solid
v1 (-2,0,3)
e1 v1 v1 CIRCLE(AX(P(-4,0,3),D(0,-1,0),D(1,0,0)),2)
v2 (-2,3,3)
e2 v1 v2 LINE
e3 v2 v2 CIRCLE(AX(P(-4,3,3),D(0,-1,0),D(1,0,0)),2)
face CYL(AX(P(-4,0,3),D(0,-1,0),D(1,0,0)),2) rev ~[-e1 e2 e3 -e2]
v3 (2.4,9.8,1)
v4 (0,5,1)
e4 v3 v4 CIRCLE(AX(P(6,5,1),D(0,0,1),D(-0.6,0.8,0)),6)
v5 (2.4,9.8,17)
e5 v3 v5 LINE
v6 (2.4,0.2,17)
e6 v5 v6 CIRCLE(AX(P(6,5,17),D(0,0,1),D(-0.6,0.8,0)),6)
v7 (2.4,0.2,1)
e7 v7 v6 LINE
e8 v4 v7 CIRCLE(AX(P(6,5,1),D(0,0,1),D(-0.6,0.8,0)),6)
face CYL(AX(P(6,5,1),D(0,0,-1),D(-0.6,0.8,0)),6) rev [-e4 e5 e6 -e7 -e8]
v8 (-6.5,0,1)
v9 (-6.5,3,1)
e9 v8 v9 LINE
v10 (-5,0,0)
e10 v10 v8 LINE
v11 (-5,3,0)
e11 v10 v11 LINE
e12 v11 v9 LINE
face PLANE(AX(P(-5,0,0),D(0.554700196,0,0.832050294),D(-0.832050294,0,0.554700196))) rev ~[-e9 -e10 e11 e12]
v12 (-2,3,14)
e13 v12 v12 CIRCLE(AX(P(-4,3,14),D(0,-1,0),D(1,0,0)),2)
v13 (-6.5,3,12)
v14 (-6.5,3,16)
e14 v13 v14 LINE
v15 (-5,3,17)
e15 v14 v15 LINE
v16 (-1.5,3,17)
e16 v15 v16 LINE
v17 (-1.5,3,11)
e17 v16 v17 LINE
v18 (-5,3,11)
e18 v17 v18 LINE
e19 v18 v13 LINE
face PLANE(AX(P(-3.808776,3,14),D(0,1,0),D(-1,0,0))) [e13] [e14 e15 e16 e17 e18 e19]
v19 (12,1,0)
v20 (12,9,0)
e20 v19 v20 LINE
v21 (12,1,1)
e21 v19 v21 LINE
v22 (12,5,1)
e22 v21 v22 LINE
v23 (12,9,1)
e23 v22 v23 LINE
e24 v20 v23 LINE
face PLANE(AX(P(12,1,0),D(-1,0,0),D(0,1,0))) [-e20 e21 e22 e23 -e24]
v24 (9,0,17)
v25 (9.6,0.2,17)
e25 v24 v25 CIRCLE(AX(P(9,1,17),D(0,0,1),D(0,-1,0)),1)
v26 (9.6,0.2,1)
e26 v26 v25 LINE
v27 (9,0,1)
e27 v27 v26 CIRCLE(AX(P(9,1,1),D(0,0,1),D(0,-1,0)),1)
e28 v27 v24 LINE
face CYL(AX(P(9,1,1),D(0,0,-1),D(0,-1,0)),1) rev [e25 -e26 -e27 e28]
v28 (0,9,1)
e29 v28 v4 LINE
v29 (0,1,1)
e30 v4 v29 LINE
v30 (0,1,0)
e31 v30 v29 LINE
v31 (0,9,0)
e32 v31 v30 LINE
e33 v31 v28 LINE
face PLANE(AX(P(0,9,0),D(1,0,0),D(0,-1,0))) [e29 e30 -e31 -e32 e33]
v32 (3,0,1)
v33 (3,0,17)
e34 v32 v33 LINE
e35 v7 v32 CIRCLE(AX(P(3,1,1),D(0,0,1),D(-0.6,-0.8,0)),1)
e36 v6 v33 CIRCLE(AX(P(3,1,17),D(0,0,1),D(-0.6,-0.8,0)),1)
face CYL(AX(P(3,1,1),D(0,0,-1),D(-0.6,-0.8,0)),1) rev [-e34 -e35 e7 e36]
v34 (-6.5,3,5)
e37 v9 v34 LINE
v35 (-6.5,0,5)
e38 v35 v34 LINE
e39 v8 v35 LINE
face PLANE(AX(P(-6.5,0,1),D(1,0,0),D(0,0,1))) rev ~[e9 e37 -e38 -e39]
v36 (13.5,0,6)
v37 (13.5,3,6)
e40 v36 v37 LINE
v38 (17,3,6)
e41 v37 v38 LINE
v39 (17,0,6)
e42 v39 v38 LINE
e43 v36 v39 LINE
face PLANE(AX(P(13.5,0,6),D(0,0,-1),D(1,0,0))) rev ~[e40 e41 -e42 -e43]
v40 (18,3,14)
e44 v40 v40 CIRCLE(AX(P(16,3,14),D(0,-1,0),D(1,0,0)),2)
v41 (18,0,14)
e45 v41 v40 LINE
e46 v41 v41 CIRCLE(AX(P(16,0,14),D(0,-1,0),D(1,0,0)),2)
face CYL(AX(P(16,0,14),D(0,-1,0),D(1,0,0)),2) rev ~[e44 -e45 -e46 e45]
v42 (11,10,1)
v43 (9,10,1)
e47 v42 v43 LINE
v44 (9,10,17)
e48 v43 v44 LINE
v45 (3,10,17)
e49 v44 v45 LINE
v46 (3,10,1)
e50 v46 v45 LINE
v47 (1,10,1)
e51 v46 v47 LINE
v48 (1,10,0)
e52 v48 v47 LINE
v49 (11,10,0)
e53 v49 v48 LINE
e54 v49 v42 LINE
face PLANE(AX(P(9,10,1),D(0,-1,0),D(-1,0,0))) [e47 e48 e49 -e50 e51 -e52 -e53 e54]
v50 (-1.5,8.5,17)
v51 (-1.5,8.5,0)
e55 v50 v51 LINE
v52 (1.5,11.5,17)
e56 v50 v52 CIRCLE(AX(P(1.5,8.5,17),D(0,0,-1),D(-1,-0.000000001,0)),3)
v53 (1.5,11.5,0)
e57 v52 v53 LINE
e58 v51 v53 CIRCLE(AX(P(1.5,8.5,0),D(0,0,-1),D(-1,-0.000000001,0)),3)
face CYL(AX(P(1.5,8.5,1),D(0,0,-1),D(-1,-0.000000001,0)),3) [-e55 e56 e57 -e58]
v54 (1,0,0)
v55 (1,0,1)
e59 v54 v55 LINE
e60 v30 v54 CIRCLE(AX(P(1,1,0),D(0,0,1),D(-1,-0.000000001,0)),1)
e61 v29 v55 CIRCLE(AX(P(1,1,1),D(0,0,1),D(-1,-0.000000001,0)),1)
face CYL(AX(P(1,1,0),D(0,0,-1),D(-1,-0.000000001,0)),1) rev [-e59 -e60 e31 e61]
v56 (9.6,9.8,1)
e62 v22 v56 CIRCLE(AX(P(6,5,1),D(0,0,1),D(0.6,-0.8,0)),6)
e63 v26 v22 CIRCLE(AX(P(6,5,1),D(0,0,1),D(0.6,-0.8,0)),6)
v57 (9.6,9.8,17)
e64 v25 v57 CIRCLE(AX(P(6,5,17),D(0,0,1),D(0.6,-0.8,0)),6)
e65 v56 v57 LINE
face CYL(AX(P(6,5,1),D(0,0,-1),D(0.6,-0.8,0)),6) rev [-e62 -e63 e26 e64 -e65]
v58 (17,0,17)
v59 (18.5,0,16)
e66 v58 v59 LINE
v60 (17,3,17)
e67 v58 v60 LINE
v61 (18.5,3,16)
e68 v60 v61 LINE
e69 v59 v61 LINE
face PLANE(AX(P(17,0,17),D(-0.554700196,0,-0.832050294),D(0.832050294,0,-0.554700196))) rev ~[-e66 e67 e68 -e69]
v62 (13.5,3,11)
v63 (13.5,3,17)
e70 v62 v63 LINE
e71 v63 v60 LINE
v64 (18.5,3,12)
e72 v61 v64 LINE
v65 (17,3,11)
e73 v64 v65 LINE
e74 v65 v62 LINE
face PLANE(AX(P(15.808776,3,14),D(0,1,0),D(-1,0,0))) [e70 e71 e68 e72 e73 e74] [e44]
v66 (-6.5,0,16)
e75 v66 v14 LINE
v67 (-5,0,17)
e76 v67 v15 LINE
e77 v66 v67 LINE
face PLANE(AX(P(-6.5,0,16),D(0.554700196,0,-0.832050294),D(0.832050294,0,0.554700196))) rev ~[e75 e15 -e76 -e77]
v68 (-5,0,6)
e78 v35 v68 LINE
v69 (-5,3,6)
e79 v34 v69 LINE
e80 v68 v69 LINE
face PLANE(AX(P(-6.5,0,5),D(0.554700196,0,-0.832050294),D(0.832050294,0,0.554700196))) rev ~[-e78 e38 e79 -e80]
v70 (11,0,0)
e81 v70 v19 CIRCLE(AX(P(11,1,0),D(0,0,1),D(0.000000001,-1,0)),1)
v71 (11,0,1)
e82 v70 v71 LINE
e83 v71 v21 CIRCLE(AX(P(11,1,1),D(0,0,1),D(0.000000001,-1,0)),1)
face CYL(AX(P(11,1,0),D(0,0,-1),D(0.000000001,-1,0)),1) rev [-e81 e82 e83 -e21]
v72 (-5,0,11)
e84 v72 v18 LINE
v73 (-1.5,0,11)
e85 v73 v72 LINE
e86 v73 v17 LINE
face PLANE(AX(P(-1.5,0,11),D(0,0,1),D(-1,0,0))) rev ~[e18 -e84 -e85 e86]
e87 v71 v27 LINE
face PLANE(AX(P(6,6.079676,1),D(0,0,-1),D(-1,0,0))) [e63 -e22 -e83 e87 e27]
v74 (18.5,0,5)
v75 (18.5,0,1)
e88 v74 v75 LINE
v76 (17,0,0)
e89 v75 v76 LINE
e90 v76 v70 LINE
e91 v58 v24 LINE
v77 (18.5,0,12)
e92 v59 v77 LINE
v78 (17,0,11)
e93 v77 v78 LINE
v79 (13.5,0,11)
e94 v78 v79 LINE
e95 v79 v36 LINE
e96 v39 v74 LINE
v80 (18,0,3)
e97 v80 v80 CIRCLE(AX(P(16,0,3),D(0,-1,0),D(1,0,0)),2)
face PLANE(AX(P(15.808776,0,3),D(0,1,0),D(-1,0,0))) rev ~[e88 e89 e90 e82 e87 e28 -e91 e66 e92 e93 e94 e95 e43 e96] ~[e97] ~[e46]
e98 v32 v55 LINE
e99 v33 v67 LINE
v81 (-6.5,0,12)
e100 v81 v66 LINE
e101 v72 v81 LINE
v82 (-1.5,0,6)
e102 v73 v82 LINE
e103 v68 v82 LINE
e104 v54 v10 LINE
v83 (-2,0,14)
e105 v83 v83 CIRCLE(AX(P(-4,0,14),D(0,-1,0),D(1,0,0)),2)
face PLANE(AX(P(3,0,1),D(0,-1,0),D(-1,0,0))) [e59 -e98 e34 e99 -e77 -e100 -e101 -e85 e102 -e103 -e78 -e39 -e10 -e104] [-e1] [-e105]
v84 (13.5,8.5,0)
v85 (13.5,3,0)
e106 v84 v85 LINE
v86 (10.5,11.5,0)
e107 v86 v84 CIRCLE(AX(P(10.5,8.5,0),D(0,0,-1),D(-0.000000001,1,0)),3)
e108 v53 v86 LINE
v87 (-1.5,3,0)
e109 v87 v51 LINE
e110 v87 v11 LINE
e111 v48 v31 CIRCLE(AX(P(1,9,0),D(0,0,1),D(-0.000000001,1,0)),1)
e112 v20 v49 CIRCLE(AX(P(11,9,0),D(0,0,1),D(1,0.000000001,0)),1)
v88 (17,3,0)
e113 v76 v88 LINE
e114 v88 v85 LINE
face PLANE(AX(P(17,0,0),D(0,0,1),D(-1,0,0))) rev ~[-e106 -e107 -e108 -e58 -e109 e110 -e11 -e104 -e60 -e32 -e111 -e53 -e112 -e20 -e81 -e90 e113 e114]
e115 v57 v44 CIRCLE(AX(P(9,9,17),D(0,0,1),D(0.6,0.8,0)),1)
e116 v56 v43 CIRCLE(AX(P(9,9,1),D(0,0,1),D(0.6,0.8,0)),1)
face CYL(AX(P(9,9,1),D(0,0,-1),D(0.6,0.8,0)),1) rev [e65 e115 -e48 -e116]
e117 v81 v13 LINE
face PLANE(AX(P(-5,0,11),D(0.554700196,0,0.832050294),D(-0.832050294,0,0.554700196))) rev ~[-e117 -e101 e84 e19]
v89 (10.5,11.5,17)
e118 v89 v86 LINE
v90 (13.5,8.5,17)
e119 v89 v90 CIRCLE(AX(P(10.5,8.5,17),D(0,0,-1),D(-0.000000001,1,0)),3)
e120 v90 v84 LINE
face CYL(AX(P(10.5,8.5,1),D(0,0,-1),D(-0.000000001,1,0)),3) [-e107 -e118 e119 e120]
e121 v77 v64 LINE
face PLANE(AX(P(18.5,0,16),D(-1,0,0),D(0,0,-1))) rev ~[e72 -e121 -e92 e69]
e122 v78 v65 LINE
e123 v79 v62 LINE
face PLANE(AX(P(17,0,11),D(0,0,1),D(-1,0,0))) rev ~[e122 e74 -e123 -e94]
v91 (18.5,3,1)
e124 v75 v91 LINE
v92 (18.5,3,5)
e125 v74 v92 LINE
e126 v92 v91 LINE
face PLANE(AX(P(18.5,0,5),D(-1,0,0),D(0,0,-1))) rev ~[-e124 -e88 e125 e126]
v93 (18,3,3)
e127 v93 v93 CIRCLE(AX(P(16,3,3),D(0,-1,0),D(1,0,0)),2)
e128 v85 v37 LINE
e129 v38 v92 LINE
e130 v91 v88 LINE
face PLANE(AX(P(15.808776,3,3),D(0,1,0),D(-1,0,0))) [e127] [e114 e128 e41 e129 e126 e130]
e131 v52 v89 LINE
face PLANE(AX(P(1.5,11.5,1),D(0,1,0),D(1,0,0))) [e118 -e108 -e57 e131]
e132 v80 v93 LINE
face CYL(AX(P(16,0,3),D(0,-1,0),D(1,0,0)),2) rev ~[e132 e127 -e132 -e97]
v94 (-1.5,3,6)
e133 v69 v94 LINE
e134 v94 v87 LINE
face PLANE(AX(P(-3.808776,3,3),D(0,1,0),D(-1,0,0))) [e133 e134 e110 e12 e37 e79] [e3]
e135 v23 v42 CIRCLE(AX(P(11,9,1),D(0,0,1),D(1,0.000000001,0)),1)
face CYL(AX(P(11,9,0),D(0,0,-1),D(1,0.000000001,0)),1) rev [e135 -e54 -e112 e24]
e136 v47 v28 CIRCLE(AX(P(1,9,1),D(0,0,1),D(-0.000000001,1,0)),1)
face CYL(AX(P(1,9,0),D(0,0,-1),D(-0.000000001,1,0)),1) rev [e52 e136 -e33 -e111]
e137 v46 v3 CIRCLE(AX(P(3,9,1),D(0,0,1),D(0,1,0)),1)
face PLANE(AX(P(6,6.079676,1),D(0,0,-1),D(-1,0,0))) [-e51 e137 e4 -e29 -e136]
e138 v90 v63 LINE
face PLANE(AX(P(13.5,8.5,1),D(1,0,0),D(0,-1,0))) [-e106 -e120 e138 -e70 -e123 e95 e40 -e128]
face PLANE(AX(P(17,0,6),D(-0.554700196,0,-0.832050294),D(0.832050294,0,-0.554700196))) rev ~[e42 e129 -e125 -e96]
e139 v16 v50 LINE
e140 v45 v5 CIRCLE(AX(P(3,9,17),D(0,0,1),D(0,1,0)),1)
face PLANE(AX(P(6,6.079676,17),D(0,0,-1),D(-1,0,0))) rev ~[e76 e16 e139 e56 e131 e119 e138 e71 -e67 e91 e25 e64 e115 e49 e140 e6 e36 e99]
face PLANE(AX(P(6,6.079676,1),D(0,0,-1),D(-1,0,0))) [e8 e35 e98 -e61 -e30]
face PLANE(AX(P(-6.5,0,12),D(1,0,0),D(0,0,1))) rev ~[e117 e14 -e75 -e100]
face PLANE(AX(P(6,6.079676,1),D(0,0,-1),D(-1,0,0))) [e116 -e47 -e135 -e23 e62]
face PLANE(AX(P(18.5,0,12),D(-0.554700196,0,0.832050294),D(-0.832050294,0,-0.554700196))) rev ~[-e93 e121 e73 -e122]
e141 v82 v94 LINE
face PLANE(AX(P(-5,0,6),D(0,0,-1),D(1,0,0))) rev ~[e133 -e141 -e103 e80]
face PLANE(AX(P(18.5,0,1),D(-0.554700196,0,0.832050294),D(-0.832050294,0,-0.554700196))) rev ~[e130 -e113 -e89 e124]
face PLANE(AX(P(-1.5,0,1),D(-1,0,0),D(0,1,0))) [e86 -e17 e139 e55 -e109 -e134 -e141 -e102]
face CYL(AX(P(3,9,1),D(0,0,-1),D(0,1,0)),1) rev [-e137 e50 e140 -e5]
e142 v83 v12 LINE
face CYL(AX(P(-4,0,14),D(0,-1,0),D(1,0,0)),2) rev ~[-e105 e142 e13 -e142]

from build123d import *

# Parameters (mm, degrees)
Y_KSEKLIK_EKSTR_ZYON1_DEPTH = 1
Y_KSEKLIK_EKSTR_ZYON2_DEPTH = 16
IZIM4_R                     = 2
Y_KSEKLIK_EKSTR_ZYON3_DEPTH = 3


with BuildPart() as part:
    # Çizim1 → Yükseklik-Ekstrüzyon1 (new body)
    with BuildSketch(Plane.XY):
        with BuildLine():
            Line((12, 1), (12, 9))
            ThreePointArc((12, 9), (11.707106781, 9.707106781), (11, 10))
            Line((11, 10), (1, 10))
            ThreePointArc((1, 10), (0.292893219, 9.707106781), (0, 9))
            Line((0, 9), (0, 1))
            ThreePointArc((0, 1), (0.292893219, 0.292893219), (1, 0))
            Line((1, 0), (-1.5, 0))
            Line((-1.5, 0), (-1.5, 8.5))
            ThreePointArc((-1.5, 8.5), (-0.621320344, 10.621320344), (1.5, 11.5))
            Line((1.5, 11.5), (10.5, 11.5))
            ThreePointArc((10.5, 11.5), (12.621320344, 10.621320344), (13.5, 8.5))
            Line((13.5, 8.5), (13.5, 0))
            Line((13.5, 0), (11, 0))
            ThreePointArc((11, 0), (11.707106781, 0.292893219), (12, 1))
        make_face()
    extrude(amount=Y_KSEKLIK_EKSTR_ZYON1_DEPTH)

    # Çizim3 → Yükseklik-Ekstrüzyon2 (add)
    with BuildSketch(Plane.XY.offset(1)):
        with BuildLine():
            Line((3, 0), (-1.5, 0))
            Line((-1.5, 0), (-1.5, 8.5))
            ThreePointArc((-1.5, 8.5), (-0.621320344, 10.621320344), (1.5, 11.5))
            Line((1.5, 11.5), (10.5, 11.5))
            ThreePointArc((10.5, 11.5), (12.621320344, 10.621320344), (13.5, 8.5))
            Line((13.5, 8.5), (13.5, 0))
            Line((13.5, 0), (9, 0))
            ThreePointArc((9, 0), (9.316227766, 0.051316702), (9.6, 0.2))
            ThreePointArc((9.6, 0.2), (12, 5), (9.6, 9.8))
            ThreePointArc((9.6, 9.8), (9.316227766, 9.948683298), (9, 10))
            Line((9, 10), (3, 10))
            ThreePointArc((3, 10), (2.683772234, 9.948683298), (2.4, 9.8))
            ThreePointArc((2.4, 9.8), (0, 5), (2.4, 0.2))
            ThreePointArc((2.4, 0.2), (2.683772234, 0.051316702), (3, 0))
        make_face()
    extrude(amount=Y_KSEKLIK_EKSTR_ZYON2_DEPTH)

    # Çizim4 → Yükseklik-Ekstrüzyon3 (add)
    with BuildSketch(Plane.XZ):
        Polygon((13.5, 0), (13.5, 6), (17, 6), (18.5, 5), (18.5, 1), (17, 0), align=None)
        with Locations((16, 3)):
            Circle(IZIM4_R, mode=Mode.SUBTRACT)
        Polygon((13.5, 17), (17, 17), (18.5, 16), (18.5, 12), (17, 11), (13.5, 11), align=None)
        with Locations((16, 14)):
            Circle(IZIM4_R, mode=Mode.SUBTRACT)
        Polygon((-1.5, 0), (-5, 0), (-6.5, 1), (-6.5, 5), (-5, 6), (-1.5, 6), align=None)
        with Locations((-4, 3)):
            Circle(IZIM4_R, mode=Mode.SUBTRACT)
        Polygon((-1.5, 17), (-1.5, 11), (-5, 11), (-6.5, 12), (-6.5, 16), (-5, 17), align=None)
        with Locations((-4, 14)):
            Circle(IZIM4_R, mode=Mode.SUBTRACT)
    extrude(amount=-Y_KSEKLIK_EKSTR_ZYON3_DEPTH)


solid = part.part
